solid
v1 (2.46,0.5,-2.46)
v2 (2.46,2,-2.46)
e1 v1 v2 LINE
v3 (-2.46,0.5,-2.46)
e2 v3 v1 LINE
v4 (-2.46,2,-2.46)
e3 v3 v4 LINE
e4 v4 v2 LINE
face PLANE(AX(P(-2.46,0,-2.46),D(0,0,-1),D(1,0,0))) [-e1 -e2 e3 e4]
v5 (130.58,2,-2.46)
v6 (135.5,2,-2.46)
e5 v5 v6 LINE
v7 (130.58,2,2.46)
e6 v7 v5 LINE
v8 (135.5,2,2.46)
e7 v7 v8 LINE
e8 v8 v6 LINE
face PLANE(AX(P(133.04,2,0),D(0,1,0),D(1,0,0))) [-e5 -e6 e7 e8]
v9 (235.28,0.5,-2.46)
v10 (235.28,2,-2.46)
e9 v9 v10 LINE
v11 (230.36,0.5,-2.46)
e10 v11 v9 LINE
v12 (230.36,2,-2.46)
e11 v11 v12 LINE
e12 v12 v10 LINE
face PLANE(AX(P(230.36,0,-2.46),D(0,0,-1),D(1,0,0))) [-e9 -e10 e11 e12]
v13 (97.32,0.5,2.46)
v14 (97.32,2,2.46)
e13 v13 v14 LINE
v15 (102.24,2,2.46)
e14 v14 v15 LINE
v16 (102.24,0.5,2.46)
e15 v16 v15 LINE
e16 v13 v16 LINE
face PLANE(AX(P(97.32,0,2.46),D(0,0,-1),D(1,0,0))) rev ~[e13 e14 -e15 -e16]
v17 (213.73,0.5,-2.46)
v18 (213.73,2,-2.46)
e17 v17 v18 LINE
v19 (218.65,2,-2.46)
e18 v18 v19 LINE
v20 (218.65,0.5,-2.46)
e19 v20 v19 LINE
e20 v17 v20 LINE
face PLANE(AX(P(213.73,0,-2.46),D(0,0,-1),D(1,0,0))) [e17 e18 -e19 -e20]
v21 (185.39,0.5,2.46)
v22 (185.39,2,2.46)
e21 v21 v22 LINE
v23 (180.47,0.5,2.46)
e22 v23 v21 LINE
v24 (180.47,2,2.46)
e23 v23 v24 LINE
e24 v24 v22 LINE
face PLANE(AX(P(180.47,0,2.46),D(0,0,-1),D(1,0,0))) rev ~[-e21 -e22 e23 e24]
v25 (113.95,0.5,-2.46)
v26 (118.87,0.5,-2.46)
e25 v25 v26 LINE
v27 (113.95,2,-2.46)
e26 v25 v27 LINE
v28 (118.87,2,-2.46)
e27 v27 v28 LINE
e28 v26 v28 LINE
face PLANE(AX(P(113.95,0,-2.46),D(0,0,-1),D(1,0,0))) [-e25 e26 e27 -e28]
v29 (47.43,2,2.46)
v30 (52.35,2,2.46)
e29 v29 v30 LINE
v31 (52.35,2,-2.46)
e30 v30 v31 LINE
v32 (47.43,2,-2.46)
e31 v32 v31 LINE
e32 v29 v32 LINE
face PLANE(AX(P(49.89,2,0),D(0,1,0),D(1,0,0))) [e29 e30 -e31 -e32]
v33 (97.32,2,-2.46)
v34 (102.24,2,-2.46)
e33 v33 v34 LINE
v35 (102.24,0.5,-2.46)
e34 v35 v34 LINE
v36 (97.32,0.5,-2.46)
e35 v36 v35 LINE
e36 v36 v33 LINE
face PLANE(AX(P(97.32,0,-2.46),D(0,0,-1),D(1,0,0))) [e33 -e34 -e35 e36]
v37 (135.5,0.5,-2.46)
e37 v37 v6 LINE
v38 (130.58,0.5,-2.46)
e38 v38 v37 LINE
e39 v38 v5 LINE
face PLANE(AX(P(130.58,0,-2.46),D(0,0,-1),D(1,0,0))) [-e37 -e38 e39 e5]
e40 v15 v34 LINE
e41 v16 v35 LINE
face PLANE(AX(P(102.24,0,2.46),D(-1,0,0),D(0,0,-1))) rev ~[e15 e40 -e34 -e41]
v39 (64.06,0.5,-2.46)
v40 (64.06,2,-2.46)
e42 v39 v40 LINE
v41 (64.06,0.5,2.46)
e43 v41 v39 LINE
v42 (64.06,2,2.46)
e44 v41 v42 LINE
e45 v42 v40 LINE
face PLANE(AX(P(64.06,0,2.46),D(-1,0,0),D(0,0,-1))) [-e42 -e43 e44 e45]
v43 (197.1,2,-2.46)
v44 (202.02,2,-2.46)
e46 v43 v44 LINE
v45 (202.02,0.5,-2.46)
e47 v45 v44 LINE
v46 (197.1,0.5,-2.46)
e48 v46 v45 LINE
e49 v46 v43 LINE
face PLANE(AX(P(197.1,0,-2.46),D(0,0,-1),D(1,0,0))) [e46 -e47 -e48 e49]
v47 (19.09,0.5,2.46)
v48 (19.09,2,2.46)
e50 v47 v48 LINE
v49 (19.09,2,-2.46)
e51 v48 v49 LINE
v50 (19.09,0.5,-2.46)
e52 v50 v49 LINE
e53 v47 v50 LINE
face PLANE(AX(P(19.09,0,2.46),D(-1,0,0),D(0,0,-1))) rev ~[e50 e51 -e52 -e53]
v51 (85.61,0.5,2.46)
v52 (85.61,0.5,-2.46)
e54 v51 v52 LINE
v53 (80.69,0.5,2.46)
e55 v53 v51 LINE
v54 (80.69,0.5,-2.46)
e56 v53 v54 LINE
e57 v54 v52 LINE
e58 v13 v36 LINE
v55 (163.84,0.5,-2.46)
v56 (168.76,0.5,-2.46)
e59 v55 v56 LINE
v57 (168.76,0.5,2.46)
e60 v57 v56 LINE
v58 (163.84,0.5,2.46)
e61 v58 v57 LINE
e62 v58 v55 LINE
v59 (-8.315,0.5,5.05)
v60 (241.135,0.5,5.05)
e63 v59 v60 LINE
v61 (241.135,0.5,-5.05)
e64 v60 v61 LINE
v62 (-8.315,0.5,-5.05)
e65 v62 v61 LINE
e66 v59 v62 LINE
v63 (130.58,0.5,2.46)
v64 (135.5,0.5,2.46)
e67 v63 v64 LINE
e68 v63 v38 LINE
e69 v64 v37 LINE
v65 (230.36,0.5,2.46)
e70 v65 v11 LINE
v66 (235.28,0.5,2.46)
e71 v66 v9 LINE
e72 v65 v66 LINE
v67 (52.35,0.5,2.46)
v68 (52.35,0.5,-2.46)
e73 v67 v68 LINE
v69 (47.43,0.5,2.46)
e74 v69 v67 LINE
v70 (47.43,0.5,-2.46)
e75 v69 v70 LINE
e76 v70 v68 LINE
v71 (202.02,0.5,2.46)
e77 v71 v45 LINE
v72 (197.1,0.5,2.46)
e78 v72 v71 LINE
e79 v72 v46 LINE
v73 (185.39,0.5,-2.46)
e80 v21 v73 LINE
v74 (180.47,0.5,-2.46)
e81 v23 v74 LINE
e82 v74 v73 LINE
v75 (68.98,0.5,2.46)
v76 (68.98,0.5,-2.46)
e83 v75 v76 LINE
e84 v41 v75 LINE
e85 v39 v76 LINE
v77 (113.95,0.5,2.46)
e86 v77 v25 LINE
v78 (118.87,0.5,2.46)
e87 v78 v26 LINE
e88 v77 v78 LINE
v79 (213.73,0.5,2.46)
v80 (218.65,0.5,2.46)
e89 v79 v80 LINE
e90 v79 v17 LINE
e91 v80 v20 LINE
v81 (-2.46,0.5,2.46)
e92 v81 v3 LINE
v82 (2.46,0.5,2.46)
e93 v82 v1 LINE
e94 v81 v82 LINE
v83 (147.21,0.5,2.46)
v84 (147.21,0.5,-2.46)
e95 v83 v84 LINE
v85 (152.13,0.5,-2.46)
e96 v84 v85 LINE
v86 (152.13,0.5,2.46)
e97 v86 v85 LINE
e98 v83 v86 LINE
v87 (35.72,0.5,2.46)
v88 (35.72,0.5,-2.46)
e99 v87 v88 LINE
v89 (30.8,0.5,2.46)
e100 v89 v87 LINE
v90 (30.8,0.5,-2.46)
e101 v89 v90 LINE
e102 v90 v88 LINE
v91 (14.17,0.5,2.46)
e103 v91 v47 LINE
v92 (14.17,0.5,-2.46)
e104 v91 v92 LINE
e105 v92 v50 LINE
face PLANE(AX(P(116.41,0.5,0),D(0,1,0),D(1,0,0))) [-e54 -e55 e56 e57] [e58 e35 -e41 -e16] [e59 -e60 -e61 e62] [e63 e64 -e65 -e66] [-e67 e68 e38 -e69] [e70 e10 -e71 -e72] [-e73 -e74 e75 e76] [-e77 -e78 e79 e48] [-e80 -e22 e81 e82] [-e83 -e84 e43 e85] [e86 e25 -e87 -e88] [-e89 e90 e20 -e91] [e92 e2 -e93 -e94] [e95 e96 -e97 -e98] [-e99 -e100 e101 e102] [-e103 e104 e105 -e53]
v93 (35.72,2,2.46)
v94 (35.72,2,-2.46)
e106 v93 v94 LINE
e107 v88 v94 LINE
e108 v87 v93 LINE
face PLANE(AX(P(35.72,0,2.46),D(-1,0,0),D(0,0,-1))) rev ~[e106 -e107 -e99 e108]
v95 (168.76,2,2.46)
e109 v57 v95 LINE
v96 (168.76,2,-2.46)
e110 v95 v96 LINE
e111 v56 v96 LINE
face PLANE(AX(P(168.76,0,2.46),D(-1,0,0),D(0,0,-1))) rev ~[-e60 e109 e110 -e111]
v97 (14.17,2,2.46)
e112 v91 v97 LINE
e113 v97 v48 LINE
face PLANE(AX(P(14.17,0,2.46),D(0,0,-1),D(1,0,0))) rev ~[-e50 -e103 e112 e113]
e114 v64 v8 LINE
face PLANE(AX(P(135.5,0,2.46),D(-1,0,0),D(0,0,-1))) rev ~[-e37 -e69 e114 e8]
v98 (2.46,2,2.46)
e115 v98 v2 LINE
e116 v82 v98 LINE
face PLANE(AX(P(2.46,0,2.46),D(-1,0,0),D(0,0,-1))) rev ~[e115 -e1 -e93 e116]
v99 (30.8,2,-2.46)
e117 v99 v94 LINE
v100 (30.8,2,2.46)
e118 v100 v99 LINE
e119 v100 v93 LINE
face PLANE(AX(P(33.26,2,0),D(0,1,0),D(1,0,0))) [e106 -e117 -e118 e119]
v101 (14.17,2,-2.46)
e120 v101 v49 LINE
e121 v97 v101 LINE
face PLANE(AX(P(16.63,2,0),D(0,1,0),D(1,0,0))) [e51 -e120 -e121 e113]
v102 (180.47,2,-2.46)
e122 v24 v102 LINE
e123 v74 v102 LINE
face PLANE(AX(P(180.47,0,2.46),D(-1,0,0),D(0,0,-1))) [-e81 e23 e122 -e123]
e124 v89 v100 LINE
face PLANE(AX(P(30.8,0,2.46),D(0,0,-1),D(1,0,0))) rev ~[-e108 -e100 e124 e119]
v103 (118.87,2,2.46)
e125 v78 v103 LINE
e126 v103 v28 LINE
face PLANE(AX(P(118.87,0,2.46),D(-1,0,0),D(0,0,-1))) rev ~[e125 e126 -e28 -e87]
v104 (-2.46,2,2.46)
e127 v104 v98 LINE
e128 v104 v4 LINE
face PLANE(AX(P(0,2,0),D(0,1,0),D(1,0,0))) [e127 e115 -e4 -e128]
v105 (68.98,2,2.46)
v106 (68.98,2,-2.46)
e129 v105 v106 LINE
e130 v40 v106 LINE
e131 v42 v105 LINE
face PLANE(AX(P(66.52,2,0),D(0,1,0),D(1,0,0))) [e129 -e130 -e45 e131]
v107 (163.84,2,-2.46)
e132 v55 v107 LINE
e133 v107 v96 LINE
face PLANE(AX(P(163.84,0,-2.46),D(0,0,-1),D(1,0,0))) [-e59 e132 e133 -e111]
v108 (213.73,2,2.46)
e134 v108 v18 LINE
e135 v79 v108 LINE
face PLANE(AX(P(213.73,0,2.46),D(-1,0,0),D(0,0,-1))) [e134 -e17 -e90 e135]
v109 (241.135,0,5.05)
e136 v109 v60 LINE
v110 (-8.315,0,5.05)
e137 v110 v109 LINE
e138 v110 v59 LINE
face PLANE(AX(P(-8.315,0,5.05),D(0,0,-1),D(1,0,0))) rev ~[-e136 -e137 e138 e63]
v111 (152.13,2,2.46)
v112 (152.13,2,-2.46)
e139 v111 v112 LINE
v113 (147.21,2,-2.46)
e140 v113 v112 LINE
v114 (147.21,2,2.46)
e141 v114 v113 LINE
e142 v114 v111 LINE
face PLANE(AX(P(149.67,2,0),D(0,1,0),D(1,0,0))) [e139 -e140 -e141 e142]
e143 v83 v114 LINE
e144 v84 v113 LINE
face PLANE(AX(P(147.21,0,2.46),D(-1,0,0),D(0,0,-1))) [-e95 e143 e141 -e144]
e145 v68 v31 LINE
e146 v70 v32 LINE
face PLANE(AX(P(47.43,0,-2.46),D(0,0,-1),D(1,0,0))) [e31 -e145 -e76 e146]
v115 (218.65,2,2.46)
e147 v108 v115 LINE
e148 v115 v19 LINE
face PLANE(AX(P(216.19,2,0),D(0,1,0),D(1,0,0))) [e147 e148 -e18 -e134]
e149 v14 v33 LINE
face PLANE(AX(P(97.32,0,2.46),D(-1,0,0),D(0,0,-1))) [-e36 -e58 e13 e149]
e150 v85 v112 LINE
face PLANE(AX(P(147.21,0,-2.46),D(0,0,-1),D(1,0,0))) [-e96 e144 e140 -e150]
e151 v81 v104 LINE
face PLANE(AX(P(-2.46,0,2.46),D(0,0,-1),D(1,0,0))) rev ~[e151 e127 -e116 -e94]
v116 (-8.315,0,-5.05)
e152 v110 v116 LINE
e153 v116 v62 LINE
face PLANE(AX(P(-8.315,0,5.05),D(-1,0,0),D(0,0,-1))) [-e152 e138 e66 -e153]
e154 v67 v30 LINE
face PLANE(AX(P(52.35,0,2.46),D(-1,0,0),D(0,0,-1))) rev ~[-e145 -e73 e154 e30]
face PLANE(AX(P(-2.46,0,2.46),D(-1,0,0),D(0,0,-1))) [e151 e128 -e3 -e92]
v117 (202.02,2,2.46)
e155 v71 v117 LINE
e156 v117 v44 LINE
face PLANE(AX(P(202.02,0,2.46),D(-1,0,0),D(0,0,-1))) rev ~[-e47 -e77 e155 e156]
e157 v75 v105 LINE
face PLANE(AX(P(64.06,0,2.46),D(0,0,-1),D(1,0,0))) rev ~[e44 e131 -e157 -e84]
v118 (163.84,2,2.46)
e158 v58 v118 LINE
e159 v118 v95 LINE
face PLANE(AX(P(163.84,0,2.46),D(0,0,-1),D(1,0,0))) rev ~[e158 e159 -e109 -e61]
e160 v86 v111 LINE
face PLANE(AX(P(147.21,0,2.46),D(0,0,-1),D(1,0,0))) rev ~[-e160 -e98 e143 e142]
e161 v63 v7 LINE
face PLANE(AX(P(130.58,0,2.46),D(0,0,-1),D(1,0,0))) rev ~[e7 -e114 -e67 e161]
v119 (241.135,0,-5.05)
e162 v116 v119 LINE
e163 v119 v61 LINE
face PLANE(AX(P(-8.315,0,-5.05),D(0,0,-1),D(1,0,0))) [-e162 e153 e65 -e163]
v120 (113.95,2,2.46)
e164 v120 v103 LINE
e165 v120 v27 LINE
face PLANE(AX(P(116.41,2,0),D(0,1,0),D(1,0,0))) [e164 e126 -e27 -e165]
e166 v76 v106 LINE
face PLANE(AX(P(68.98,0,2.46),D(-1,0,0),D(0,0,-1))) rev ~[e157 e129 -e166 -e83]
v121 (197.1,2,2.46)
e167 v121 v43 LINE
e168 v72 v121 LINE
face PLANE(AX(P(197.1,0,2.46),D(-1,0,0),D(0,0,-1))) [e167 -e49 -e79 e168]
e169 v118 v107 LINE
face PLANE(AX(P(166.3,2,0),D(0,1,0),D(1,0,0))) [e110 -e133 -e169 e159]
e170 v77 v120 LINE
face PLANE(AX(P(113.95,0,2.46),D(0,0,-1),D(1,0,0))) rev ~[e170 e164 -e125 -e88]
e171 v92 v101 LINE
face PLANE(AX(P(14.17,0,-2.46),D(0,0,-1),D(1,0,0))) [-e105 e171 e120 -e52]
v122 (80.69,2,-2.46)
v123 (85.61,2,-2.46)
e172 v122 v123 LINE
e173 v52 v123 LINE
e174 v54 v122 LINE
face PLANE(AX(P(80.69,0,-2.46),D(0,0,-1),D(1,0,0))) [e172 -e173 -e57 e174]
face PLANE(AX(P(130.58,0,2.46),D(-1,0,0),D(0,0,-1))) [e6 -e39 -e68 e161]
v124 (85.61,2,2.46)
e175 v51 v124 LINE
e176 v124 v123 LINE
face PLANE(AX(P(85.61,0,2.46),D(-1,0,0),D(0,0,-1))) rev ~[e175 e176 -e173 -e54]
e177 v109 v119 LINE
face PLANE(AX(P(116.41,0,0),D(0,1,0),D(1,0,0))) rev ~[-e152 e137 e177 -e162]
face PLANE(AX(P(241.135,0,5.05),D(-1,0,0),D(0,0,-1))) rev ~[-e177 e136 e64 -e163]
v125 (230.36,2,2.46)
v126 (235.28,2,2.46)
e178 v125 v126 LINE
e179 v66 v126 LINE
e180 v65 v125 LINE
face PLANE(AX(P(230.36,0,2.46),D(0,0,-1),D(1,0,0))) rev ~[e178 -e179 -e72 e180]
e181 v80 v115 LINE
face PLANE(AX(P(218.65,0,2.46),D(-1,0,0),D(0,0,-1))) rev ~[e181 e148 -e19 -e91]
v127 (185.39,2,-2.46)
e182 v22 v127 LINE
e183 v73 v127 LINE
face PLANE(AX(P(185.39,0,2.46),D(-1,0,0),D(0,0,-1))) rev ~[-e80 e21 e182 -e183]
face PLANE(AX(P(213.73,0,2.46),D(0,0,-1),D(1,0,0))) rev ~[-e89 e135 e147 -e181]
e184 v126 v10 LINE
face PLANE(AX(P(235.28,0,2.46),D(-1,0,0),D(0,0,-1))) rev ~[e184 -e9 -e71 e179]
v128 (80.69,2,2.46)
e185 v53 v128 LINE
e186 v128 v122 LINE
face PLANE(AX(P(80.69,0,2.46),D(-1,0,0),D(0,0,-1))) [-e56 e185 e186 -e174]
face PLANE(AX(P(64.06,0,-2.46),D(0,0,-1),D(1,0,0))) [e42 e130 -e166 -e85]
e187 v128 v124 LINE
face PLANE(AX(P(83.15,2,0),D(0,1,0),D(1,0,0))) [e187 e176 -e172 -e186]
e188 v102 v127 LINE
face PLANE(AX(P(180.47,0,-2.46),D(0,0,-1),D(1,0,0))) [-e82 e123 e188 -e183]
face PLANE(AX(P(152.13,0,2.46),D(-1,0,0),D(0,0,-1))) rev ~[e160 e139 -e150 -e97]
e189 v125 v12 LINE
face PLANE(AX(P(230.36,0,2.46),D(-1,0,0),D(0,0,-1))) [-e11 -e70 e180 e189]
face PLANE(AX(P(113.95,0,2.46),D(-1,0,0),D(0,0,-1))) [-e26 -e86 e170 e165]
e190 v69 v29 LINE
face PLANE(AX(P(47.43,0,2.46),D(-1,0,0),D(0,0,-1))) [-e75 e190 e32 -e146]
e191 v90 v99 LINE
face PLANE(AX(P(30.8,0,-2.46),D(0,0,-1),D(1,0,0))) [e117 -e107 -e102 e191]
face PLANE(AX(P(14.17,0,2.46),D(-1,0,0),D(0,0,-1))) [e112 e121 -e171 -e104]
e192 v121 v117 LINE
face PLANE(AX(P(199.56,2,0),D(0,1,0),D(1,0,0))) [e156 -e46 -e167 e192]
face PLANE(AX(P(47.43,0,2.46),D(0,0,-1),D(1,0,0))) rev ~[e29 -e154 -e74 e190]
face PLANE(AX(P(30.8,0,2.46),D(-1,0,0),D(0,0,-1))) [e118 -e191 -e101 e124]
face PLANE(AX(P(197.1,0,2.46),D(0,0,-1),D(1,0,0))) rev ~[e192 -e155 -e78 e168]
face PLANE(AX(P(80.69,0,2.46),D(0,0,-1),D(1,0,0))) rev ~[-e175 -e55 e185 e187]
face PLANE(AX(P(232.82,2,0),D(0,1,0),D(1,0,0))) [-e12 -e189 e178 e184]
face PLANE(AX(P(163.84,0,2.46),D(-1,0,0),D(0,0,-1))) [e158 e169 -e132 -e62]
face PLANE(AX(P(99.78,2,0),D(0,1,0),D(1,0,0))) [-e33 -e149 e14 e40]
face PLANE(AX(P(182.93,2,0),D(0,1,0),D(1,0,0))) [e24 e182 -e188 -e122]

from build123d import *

# Parameters (mm, degrees)
SKETCH1_W           = 4.92
SKETCH1_H           = 4.92
BOSS_EXTRUDE1_DEPTH = 2
LPATTERN1_COUNT     = 15
LPATTERN1_PITCH     = 16.63
SKETCH2_W           = 249.45
SKETCH2_H           = 10.1
BOSS_EXTRUDE2_DEPTH = 0.5


with BuildPart() as part:
    # Sketch1 → Boss-Extrude1 (new body)
    with BuildSketch(Plane(origin=(0, 0, 0), x_dir=(1, 0, 0), z_dir=(0, 1, 0))):
        Rectangle(SKETCH1_W, SKETCH1_H)
    extrude(amount=BOSS_EXTRUDE1_DEPTH)


with BuildPart() as lpattern1_1:
    # LPattern1: pattern copy
    add(part.part.moved(Location(Vector(1, 0, 0) * (1 * LPATTERN1_PITCH))))


with BuildPart() as lpattern1_2:
    # LPattern1: pattern copy
    add(part.part.moved(Location(Vector(1, 0, 0) * (2 * LPATTERN1_PITCH))))


with BuildPart() as lpattern1_3:
    # LPattern1: pattern copy
    add(part.part.moved(Location(Vector(1, 0, 0) * (3 * LPATTERN1_PITCH))))


with BuildPart() as lpattern1_4:
    # LPattern1: pattern copy
    add(part.part.moved(Location(Vector(1, 0, 0) * (4 * LPATTERN1_PITCH))))


with BuildPart() as lpattern1_5:
    # LPattern1: pattern copy
    add(part.part.moved(Location(Vector(1, 0, 0) * (5 * LPATTERN1_PITCH))))


with BuildPart() as lpattern1_6:
    # LPattern1: pattern copy
    add(part.part.moved(Location(Vector(1, 0, 0) * (6 * LPATTERN1_PITCH))))


with BuildPart() as lpattern1_7:
    # LPattern1: pattern copy
    add(part.part.moved(Location(Vector(1, 0, 0) * (7 * LPATTERN1_PITCH))))


with BuildPart() as lpattern1_8:
    # LPattern1: pattern copy
    add(part.part.moved(Location(Vector(1, 0, 0) * (8 * LPATTERN1_PITCH))))


with BuildPart() as lpattern1_9:
    # LPattern1: pattern copy
    add(part.part.moved(Location(Vector(1, 0, 0) * (9 * LPATTERN1_PITCH))))


with BuildPart() as lpattern1_10:
    # LPattern1: pattern copy
    add(part.part.moved(Location(Vector(1, 0, 0) * (10 * LPATTERN1_PITCH))))


with BuildPart() as lpattern1_11:
    # LPattern1: pattern copy
    add(part.part.moved(Location(Vector(1, 0, 0) * (11 * LPATTERN1_PITCH))))


with BuildPart() as lpattern1_12:
    # LPattern1: pattern copy
    add(part.part.moved(Location(Vector(1, 0, 0) * (12 * LPATTERN1_PITCH))))


with BuildPart() as lpattern1_13:
    # LPattern1: pattern copy
    add(part.part.moved(Location(Vector(1, 0, 0) * (13 * LPATTERN1_PITCH))))


with BuildPart() as lpattern1_14:
    # LPattern1: pattern copy
    add(part.part.moved(Location(Vector(1, 0, 0) * (14 * LPATTERN1_PITCH))))


with BuildPart() as part_1:
    add(part.part)

    add(lpattern1_1.part)  # Boss-Extrude2 merges LPattern1_1

    add(lpattern1_2.part)  # Boss-Extrude2 merges LPattern1_2

    add(lpattern1_3.part)  # Boss-Extrude2 merges LPattern1_3

    add(lpattern1_4.part)  # Boss-Extrude2 merges LPattern1_4

    add(lpattern1_5.part)  # Boss-Extrude2 merges LPattern1_5

    add(lpattern1_6.part)  # Boss-Extrude2 merges LPattern1_6

    add(lpattern1_7.part)  # Boss-Extrude2 merges LPattern1_7

    add(lpattern1_8.part)  # Boss-Extrude2 merges LPattern1_8

    add(lpattern1_9.part)  # Boss-Extrude2 merges LPattern1_9

    add(lpattern1_10.part)  # Boss-Extrude2 merges LPattern1_10

    add(lpattern1_11.part)  # Boss-Extrude2 merges LPattern1_11

    add(lpattern1_12.part)  # Boss-Extrude2 merges LPattern1_12

    add(lpattern1_13.part)  # Boss-Extrude2 merges LPattern1_13

    add(lpattern1_14.part)  # Boss-Extrude2 merges LPattern1_14
    # Sketch2 → Boss-Extrude2 (add)
    with BuildSketch(Plane(origin=(0, 0, 0), x_dir=(1, 0, 0), z_dir=(0, 1, 0))):
        with Locations((116.41, 0)):
            Rectangle(SKETCH2_W, SKETCH2_H)
    extrude(amount=BOSS_EXTRUDE2_DEPTH)


solid = part_1.part
